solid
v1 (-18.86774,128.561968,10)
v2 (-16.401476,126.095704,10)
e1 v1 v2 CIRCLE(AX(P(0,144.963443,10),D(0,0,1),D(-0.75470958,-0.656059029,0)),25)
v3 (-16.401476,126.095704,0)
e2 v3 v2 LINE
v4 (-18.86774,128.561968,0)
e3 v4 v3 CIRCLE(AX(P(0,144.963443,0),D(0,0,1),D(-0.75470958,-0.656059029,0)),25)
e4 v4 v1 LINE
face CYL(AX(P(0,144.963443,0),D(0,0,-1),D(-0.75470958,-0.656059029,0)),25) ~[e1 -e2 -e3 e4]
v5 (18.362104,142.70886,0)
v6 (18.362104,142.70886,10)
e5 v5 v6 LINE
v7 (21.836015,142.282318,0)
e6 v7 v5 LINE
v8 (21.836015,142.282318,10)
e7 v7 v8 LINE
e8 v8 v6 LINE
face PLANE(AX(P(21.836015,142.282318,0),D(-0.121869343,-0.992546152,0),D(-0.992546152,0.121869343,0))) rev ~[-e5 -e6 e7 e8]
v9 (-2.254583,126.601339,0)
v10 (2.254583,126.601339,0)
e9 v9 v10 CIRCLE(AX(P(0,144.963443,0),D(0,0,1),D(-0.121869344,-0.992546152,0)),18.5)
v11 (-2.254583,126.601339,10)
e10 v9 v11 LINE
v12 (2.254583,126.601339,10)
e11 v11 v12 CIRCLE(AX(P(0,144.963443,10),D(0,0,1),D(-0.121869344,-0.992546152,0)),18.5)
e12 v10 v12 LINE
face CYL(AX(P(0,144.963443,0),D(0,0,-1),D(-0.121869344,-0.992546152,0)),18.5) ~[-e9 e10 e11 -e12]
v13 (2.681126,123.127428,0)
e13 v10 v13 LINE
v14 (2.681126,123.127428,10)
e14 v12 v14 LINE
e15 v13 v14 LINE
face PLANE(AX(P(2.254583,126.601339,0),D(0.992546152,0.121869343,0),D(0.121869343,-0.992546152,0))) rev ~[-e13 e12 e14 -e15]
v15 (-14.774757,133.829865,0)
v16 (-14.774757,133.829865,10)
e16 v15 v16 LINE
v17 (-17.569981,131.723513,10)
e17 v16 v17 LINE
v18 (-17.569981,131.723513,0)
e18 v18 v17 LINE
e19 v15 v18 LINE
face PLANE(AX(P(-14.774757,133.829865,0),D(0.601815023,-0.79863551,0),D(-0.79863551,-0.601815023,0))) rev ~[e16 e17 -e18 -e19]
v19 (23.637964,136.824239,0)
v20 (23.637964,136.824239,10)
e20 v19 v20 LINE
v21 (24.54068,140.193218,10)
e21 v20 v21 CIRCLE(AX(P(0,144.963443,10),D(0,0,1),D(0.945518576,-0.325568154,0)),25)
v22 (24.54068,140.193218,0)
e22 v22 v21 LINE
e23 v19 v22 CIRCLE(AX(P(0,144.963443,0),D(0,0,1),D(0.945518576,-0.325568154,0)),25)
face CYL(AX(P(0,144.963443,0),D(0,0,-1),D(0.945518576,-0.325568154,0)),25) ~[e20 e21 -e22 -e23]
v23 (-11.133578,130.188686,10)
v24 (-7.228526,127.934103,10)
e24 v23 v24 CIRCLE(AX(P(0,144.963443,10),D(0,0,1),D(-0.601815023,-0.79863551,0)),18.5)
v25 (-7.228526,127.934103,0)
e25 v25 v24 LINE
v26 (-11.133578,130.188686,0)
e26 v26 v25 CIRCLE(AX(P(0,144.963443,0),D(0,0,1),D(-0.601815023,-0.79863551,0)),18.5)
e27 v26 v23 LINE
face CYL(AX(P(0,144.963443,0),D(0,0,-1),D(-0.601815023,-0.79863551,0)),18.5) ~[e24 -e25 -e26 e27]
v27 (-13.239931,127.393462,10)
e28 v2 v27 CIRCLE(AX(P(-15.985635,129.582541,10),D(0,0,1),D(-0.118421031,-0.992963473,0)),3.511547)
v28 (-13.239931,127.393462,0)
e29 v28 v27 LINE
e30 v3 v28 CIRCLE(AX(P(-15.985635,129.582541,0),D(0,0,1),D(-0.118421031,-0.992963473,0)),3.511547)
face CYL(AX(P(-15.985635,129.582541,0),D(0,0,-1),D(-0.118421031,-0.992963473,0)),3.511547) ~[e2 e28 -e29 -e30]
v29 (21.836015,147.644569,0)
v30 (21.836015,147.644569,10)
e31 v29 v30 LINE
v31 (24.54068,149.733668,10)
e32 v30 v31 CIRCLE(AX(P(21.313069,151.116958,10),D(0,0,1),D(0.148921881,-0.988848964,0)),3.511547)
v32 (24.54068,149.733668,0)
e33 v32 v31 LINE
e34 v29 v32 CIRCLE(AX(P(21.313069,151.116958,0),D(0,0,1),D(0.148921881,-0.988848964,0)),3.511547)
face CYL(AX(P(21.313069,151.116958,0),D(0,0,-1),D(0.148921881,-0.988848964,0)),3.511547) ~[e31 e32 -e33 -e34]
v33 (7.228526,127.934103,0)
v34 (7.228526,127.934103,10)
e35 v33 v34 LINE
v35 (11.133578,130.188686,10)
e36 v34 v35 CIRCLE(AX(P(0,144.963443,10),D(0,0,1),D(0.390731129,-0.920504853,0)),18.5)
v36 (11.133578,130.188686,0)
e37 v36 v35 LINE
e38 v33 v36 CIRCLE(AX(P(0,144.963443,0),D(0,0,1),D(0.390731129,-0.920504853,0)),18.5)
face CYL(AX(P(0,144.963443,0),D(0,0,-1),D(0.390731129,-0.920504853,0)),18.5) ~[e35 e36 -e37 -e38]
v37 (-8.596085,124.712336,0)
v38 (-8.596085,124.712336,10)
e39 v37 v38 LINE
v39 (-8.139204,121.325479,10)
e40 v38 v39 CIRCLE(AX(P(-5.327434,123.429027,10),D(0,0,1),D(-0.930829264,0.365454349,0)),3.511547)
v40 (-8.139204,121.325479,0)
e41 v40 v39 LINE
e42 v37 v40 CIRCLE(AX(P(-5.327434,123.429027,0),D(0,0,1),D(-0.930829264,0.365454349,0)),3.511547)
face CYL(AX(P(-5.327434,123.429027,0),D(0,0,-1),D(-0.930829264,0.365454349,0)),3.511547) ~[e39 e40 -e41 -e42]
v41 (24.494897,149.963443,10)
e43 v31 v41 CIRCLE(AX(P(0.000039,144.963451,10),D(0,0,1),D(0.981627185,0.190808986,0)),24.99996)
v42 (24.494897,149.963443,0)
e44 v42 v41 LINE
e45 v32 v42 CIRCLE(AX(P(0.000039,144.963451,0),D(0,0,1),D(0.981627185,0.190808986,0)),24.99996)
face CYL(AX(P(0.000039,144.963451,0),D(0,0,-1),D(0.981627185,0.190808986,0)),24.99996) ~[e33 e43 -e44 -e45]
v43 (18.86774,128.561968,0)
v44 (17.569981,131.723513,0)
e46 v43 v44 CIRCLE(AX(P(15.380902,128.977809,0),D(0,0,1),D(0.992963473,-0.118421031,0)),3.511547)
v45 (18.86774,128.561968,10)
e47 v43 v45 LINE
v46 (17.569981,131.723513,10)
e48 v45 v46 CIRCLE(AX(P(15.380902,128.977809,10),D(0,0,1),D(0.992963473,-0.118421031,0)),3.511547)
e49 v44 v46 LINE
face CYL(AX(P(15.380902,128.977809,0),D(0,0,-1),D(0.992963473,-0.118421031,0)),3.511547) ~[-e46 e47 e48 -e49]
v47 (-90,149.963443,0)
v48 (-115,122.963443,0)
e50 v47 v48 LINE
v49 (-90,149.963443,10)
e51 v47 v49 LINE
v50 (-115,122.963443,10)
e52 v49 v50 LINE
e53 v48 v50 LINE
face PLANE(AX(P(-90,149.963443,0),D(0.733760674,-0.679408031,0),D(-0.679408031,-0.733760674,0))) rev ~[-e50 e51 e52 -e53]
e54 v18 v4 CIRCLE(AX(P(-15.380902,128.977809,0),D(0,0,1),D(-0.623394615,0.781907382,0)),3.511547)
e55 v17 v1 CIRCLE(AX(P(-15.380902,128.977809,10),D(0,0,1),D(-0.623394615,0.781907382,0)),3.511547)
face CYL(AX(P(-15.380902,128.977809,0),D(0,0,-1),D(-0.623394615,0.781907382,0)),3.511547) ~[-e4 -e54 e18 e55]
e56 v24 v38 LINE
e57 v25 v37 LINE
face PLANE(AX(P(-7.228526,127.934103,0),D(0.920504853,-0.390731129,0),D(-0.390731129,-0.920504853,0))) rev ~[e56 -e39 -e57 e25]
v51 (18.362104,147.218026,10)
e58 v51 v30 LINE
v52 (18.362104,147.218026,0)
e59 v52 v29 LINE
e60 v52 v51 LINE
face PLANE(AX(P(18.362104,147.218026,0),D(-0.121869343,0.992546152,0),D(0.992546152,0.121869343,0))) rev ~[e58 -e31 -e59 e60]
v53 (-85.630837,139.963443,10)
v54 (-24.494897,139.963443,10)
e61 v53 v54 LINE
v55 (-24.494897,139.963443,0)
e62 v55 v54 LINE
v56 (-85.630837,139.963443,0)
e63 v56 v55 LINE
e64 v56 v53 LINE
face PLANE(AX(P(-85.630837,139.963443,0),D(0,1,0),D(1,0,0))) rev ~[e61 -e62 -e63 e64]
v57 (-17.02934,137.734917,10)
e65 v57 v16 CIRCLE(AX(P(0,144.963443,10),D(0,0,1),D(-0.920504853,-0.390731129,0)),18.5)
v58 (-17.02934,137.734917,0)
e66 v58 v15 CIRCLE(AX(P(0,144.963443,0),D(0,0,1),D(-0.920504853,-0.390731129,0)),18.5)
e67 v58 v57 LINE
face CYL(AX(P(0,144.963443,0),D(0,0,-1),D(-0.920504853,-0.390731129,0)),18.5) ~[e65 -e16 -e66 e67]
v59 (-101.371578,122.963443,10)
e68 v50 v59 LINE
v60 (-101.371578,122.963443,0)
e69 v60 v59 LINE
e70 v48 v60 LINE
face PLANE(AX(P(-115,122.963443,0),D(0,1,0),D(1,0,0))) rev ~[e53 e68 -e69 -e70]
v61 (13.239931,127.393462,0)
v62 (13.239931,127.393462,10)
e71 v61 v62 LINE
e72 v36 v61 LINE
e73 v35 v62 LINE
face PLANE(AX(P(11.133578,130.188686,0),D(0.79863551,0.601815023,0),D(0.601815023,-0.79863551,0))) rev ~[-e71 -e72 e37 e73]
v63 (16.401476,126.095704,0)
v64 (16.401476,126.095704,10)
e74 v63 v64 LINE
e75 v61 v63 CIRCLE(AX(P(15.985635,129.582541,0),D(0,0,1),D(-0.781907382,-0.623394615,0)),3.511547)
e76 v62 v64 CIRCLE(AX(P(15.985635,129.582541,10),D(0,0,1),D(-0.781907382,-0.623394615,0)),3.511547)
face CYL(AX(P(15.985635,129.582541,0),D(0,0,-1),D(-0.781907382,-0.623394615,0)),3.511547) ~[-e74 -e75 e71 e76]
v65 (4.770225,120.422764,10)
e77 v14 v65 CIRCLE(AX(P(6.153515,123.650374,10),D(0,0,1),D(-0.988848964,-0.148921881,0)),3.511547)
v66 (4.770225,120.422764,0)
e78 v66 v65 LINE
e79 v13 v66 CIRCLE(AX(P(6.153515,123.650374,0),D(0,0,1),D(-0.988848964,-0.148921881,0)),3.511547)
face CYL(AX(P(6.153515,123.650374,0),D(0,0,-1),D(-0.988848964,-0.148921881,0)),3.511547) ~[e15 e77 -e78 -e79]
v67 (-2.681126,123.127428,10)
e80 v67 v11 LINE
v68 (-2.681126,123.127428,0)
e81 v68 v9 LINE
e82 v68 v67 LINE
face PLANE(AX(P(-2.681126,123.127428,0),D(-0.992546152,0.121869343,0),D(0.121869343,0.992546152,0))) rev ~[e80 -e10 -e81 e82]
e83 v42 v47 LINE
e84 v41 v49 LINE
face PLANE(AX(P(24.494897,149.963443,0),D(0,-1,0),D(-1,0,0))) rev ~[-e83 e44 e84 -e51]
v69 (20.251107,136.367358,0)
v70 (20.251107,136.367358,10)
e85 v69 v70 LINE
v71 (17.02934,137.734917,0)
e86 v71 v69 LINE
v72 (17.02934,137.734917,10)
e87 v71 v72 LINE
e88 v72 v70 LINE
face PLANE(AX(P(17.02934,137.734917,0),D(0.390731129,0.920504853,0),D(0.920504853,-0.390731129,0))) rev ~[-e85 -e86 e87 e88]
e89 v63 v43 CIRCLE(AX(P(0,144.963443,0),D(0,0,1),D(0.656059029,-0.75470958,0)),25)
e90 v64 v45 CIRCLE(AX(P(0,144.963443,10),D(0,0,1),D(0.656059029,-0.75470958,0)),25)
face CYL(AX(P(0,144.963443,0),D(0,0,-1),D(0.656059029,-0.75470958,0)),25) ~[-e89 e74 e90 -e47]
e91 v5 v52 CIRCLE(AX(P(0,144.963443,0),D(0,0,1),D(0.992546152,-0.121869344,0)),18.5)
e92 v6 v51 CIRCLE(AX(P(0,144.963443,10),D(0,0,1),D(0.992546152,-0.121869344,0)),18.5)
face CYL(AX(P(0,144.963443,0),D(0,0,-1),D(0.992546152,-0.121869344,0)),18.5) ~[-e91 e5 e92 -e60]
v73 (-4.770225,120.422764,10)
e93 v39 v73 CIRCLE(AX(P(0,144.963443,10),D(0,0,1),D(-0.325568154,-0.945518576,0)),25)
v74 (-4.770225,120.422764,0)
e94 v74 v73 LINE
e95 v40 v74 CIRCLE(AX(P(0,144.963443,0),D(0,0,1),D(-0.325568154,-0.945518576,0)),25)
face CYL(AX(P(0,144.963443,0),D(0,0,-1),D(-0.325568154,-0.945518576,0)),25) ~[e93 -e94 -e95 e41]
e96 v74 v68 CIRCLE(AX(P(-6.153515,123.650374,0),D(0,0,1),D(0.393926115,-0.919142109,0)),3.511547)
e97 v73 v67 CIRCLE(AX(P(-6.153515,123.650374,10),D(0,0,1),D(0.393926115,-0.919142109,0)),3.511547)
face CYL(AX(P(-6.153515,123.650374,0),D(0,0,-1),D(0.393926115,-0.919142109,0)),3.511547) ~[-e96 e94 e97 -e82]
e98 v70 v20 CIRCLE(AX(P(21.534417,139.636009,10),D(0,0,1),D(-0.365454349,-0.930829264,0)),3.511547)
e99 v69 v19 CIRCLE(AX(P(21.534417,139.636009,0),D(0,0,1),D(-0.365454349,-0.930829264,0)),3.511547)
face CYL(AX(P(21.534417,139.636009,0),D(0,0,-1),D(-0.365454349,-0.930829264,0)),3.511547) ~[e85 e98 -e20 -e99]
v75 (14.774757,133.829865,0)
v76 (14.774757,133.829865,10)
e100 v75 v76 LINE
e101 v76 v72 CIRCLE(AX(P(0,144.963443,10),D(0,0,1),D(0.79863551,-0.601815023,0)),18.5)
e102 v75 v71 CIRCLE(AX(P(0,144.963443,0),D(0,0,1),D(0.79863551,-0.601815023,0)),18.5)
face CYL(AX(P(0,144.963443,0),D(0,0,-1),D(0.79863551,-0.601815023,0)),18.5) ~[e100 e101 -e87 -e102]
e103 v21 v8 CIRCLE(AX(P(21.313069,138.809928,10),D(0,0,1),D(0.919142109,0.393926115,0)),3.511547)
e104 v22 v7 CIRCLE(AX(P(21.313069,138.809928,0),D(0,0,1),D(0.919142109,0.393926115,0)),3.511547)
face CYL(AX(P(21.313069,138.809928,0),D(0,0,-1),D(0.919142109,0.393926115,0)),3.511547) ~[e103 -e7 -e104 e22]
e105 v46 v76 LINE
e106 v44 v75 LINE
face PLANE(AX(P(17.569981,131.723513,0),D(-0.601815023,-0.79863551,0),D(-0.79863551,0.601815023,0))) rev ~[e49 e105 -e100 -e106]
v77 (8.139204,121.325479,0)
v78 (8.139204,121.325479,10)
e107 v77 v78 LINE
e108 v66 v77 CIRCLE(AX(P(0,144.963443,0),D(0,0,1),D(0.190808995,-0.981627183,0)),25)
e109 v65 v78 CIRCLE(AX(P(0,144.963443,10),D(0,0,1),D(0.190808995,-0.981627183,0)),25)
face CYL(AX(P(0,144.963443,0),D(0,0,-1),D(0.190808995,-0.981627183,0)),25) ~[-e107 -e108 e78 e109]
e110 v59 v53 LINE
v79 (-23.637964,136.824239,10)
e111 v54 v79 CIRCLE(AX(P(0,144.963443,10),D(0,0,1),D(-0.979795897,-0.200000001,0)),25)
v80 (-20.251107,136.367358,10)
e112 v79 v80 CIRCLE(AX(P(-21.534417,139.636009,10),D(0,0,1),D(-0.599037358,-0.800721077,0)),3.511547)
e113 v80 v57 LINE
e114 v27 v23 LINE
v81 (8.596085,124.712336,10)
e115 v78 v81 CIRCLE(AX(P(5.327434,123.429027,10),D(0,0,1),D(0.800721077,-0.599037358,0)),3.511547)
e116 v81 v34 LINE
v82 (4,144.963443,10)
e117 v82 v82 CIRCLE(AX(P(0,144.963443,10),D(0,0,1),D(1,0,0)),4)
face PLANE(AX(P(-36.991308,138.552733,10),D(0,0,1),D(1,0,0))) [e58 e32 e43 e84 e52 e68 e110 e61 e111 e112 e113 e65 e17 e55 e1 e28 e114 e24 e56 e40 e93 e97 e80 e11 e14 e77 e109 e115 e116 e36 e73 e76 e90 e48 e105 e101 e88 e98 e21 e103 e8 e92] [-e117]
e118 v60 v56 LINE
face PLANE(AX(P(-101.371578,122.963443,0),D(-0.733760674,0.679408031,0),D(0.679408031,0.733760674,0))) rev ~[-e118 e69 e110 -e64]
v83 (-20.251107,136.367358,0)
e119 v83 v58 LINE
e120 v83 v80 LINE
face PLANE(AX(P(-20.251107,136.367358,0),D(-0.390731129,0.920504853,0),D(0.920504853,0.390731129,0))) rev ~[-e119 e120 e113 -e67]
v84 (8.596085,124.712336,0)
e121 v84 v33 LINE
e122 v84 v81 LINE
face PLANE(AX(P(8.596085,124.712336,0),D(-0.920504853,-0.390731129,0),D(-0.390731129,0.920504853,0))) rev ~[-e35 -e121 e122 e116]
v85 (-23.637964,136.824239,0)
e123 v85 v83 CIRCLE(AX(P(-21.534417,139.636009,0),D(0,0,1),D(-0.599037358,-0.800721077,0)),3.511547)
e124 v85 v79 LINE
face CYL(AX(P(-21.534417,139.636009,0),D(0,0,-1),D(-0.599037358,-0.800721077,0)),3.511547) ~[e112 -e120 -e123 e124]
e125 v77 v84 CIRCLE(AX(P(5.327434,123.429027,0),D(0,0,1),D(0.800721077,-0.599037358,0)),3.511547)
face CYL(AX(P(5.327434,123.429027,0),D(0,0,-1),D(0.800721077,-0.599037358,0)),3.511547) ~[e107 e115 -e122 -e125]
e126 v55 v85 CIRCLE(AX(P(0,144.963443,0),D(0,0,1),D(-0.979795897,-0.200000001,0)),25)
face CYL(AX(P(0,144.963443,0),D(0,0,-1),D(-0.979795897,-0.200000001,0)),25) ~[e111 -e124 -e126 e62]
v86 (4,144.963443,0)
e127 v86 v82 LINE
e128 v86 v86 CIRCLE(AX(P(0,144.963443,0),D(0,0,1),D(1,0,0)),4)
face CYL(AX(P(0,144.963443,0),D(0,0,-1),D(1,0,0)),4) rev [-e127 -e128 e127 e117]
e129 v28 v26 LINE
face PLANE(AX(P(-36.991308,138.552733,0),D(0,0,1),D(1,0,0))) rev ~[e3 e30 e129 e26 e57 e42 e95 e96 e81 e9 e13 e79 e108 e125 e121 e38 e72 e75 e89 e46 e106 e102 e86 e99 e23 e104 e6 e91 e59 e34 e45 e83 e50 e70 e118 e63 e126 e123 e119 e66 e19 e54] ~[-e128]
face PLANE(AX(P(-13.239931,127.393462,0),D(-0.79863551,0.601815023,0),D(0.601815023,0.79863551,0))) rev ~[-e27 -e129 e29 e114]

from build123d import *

# Parameters (mm, degrees)
SKETCH1_R           = 4
BOSS_EXTRUDE1_DEPTH = 10


with BuildPart() as part:
    # Sketch1 → Boss-Extrude1 (new body)
    with BuildSketch(Plane.XY):
        with BuildLine():
            Line((24.494897428, 149.96344327), (-90, 149.96344327))
            Line((-90, 149.96344327), (-115, 122.96344327))
            Line((-115, 122.96344327), (-101.371578153, 122.96344327))
            Line((-101.371578153, 122.96344327), (-85.630837413, 139.96344327))
            Line((-85.630837413, 139.96344327), (-24.494897428, 139.96344327))
            ThreePointArc((-24.494897428, 139.96344327), (-24.117560965, 138.379883968), (-23.63796439, 136.824239409))
            ThreePointArc((-23.63796439, 136.824239409), (-22.00386591, 136.155983342), (-20.251106776, 136.367358443))
            Line((-20.251106776, 136.367358443), (-17.029339789, 137.734917393))
            ThreePointArc((-17.029339789, 137.734917393), (-16.02146997, 135.71344327), (-14.774756936, 133.829865342))
            Line((-14.774756936, 133.829865342), (-17.569981221, 131.723512761))
            ThreePointArc((-17.569981221, 131.723512761), (-18.629416995, 130.311266375), (-18.867739506, 128.561967545))
            ThreePointArc((-18.867739506, 128.561967545), (-17.67766953, 127.28577374), (-16.401475725, 126.095703764))
            ThreePointArc((-16.401475725, 126.095703764), (-14.652176895, 126.334026275), (-13.239930509, 127.393462049))
            Line((-13.239930509, 127.393462049), (-11.133577928, 130.188686334))
            ThreePointArc((-11.133577928, 130.188686334), (-9.25, 128.9419733), (-7.228525877, 127.934103481))
            Line((-7.228525877, 127.934103481), (-8.596084827, 124.712336494))
            ThreePointArc((-8.596084827, 124.712336494), (-8.807459928, 122.95957736), (-8.139203861, 121.32547888))
            ThreePointArc((-8.139203861, 121.32547888), (-6.470476128, 120.815297613), (-4.770224884, 120.422763684))
            ThreePointArc((-4.770224884, 120.422763684), (-3.374448914, 121.503806447), (-2.681125555, 123.127427934))
            Line((-2.681125555, 123.127427934), (-2.254582853, 126.601339465))
            ThreePointArc((-2.254582853, 126.601339465), (0, 126.46344327), (2.254582853, 126.601339465))
            Line((2.254582853, 126.601339465), (2.681125555, 123.127427934))
            ThreePointArc((2.681125555, 123.127427934), (3.374448914, 121.503806447), (4.770224884, 120.422763684))
            ThreePointArc((4.770224884, 120.422763684), (6.470476128, 120.815297613), (8.139203861, 121.32547888))
            ThreePointArc((8.139203861, 121.32547888), (8.807459928, 122.95957736), (8.596084827, 124.712336494))
            Line((8.596084827, 124.712336494), (7.228525877, 127.934103481))
            ThreePointArc((7.228525877, 127.934103481), (9.25, 128.9419733), (11.133577928, 130.188686334))
            Line((11.133577928, 130.188686334), (13.239930509, 127.393462049))
            ThreePointArc((13.239930509, 127.393462049), (14.652176895, 126.334026275), (16.401475725, 126.095703764))
            ThreePointArc((16.401475725, 126.095703764), (17.67766953, 127.28577374), (18.867739506, 128.561967545))
            ThreePointArc((18.867739506, 128.561967545), (18.629416995, 130.311266375), (17.569981221, 131.723512761))
            Line((17.569981221, 131.723512761), (14.774756936, 133.829865342))
            ThreePointArc((14.774756936, 133.829865342), (16.02146997, 135.71344327), (17.029339789, 137.734917393))
            Line((17.029339789, 137.734917393), (20.251106776, 136.367358443))
            ThreePointArc((20.251106776, 136.367358443), (22.00386591, 136.155983342), (23.63796439, 136.824239409))
            ThreePointArc((23.63796439, 136.824239409), (24.148145657, 138.492967142), (24.540679586, 140.193218386))
            ThreePointArc((24.540679586, 140.193218386), (23.459636823, 141.588994356), (21.836015336, 142.282317715))
            Line((21.836015336, 142.282317715), (18.362103805, 142.708860417))
            ThreePointArc((18.362103805, 142.708860417), (18.5, 144.96344327), (18.362103805, 147.218026123))
            Line((18.362103805, 147.218026123), (21.836015336, 147.644568825))
            ThreePointArc((21.836015336, 147.644568825), (23.459636823, 148.337892184), (24.540679586, 149.733668154))
            ThreePointArc((24.540679586, 149.733668154), (24.518057681, 149.848609344), (24.494897428, 149.96344327))
        make_face()
        with Locations((0, 144.96344327)):
            Circle(SKETCH1_R, mode=Mode.SUBTRACT)
    extrude(amount=BOSS_EXTRUDE1_DEPTH)


solid = part.part
